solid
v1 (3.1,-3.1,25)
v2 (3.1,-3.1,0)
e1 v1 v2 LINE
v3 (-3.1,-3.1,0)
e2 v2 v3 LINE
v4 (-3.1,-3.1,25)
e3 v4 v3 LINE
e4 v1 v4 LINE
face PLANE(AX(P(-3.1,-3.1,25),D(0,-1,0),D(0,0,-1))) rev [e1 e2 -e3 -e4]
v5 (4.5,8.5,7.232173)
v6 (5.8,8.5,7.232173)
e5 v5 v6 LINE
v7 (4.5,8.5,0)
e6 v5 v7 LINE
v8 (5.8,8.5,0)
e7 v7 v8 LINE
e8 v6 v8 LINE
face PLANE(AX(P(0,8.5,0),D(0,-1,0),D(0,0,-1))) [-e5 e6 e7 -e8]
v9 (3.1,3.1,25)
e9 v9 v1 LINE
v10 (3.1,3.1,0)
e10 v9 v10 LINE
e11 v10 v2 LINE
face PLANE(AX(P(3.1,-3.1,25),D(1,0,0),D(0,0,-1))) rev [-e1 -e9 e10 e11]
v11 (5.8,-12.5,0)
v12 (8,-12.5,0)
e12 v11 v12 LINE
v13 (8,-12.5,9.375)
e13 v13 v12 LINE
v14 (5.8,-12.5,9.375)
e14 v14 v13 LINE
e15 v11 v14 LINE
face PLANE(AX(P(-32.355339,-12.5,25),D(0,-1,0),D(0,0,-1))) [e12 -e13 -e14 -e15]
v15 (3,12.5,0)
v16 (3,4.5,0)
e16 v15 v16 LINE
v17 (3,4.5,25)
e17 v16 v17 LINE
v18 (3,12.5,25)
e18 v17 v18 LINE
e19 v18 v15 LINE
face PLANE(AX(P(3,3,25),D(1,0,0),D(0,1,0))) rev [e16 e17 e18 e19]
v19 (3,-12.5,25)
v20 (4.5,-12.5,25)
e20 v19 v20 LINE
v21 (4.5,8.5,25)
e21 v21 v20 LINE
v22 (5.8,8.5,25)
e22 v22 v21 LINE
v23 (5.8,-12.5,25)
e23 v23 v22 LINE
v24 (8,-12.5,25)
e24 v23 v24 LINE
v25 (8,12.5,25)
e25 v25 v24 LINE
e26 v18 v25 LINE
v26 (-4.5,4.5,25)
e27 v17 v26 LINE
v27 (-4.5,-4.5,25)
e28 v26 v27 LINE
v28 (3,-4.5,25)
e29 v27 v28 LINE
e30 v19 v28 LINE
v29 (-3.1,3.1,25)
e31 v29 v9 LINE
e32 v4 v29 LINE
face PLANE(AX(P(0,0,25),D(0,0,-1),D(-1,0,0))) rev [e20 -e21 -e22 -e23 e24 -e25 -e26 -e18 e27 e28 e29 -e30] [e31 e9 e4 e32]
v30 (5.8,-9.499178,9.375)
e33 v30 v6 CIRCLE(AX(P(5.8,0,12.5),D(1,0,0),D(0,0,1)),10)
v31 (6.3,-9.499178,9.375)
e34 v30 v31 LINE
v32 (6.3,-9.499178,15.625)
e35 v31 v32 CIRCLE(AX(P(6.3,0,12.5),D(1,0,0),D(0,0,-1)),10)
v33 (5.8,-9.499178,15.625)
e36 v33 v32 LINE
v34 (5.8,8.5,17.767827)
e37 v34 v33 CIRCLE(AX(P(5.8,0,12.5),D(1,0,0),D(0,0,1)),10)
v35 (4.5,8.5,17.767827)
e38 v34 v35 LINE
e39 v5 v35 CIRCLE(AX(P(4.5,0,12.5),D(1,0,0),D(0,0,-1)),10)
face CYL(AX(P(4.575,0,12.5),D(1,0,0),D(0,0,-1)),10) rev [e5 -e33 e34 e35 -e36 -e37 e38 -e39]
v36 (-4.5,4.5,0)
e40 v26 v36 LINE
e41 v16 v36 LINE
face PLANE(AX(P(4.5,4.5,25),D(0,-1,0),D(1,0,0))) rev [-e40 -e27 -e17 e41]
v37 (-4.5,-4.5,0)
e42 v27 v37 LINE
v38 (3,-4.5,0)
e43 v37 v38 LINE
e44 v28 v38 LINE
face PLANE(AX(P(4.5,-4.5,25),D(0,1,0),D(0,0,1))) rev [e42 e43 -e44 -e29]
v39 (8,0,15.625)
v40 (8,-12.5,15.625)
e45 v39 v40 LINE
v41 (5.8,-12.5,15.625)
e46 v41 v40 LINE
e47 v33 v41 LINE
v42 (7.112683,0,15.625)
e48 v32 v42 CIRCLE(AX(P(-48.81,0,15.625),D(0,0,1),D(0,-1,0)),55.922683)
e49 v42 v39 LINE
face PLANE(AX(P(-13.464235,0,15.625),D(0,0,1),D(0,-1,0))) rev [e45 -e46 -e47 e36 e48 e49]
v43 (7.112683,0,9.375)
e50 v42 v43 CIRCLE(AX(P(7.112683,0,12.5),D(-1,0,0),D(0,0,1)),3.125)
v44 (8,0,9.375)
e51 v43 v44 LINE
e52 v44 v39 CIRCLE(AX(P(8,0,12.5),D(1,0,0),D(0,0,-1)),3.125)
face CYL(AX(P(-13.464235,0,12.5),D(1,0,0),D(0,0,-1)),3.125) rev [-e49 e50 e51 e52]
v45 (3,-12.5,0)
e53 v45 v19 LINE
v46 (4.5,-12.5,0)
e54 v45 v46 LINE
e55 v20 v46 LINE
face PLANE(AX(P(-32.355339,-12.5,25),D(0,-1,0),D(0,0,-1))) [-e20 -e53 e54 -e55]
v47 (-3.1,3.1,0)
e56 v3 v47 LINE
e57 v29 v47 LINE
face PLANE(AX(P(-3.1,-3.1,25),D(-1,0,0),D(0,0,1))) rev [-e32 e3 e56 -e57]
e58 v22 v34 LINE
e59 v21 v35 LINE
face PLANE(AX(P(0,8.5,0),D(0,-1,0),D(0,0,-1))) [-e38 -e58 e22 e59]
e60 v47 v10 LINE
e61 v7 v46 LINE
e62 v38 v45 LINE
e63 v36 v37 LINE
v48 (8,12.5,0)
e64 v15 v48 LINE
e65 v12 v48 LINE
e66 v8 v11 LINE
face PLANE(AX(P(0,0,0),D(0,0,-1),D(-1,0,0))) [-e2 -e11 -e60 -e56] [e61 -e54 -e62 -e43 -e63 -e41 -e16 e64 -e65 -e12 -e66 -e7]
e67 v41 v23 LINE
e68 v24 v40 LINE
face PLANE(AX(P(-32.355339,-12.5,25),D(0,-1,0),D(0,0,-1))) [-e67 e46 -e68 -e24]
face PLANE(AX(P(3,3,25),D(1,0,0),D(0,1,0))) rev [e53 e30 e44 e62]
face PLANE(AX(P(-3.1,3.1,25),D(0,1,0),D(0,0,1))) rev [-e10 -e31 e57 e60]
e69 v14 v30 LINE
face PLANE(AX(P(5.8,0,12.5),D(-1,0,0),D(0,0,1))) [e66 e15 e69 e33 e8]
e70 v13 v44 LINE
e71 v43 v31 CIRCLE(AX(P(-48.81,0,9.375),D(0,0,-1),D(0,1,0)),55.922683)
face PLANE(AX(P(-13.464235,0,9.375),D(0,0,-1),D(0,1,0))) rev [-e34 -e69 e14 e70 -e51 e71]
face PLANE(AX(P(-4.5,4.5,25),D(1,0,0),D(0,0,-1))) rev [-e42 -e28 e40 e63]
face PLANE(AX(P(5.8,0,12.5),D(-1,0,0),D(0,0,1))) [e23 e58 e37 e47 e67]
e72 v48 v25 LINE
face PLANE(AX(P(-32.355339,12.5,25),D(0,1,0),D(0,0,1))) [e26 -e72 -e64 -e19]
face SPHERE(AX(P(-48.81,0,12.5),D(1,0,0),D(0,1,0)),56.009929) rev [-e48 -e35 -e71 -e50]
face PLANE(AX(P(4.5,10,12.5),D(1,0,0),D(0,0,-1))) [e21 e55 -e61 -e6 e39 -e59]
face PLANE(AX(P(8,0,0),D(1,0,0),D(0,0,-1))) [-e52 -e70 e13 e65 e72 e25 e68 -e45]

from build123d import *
from build123d.topology import SkipClean

# Parameters (mm, degrees)
SKETCH1_W           = 9
SKETCH1_H           = 9
BOSS_EXTRUDE1_DEPTH = 25
SKETCH2_W           = 6
SKETCH2_H           = 6
CUT_EXTRUDE1_DEPTH  = 26.797286679
SKETCH4_W           = 25
SKETCH4_H           = 25
BOSS_EXTRUDE2_DEPTH = 1.5
SKETCH5_W           = 25
SKETCH5_H           = 25
BOSS_EXTRUDE3_DEPTH = 3.5
SKETCH7_W           = 1.8
SKETCH7_H           = 25
CUT_EXTRUDE5_DEPTH  = 21
CUT_EXTRUDE6_START  = -1.7
CUT_EXTRUDE6_DEPTH  = 1.7
BOSS_EXTRUDE4_START = 0.5
BOSS_EXTRUDE4_DEPTH = 0.5
SKETCH10_W          = 6.2
SKETCH10_H          = 6.2
CUT_EXTRUDE8_DEPTH  = 30.073183548


with BuildPart() as part:
    # Sketch1 → Boss-Extrude1 (new body)
    with BuildSketch(Plane.XY):
        Rectangle(SKETCH1_W, SKETCH1_H)
    extrude(amount=BOSS_EXTRUDE1_DEPTH)

    # Sketch2 → Cut-Extrude1 (cut, through all)
    with BuildSketch(Plane(origin=(0, 0, 0), x_dir=(-1, 0, 0), z_dir=(0, 0, -1))):
        Rectangle(SKETCH2_W, SKETCH2_H)
    extrude(amount=-CUT_EXTRUDE1_DEPTH, mode=Mode.SUBTRACT)

    # Sketch4 → Boss-Extrude2 (add)
    with BuildSketch(Plane(origin=(4.5, 0, 0), x_dir=(0, 0, -1), z_dir=(1, 0, 0))):
        with Locations((-12.5, 0)):
            Rectangle(SKETCH4_W, SKETCH4_H)
    extrude(amount=-BOSS_EXTRUDE2_DEPTH)

    # Sketch5 → Boss-Extrude3 (add)
    with BuildSketch(Plane(origin=(4.5, 0, 0), x_dir=(0, 0, -1), z_dir=(1, 0, 0))):
        with Locations((-12.5, 0)):
            Rectangle(SKETCH5_W, SKETCH5_H)
    extrude(amount=BOSS_EXTRUDE3_DEPTH)

    # Sketch6 → Cut-Revolve2 (revolve, cut)
    with BuildSketch(Plane(origin=(0, 0, 12.5), x_dir=(-1, 0, 0), z_dir=(0, 0, -1)), mode=Mode.PRIVATE) as cut_revolve2_sk:
        with BuildLine():
            Line((-4.5, 10), (-4.5, 0))
            Line((-4.5, 0), (-7.199928584, 0))
            ThreePointArc((-7.199928584, 0), (-6.974492757, 5.020205958), (-6.3, 10))
            Line((-6.3, 10), (-4.5, 10))
        make_face()
    revolve(cut_revolve2_sk.sketch.rotate(Axis((4.575, 0, 12.5), (-1, 0, 0)), 90), axis=Axis((4.575, 0, 12.5), (-1, 0, 0)), mode=Mode.SUBTRACT)

    # Sketch7 → Cut-Extrude5 (cut)
    with BuildSketch(Plane.XZ.offset(12.5)):
        with Locations((5.4, 12.5)):
            Rectangle(SKETCH7_W, SKETCH7_H)
    extrude(amount=-CUT_EXTRUDE5_DEPTH, mode=Mode.SUBTRACT)

    # Sketch8 → Cut-Extrude6 (cut)
    with BuildSketch(Plane(origin=(8, 0, 0), x_dir=(0, 0, -1), z_dir=(1, 0, 0)).offset(CUT_EXTRUDE6_START)):
        with BuildLine():
            Line((-9.375, 0), (-9.375, -12.5))
            ThreePointArc((-9.375, -12.5), (-12.5, -15.625), (-15.625, -12.5))
            Line((-15.625, -12.5), (-15.625, 0))
            ThreePointArc((-15.625, 0), (-12.5, 3.125), (-9.375, 0))
        make_face()
    extrude(amount=CUT_EXTRUDE6_DEPTH, mode=Mode.SUBTRACT)

    # Sketch9 → Boss-Extrude4 (add)
    with SkipClean():  # the faces are left unmerged after this step: merging them gives an invalid solid
        with BuildSketch(Plane.ZY.offset(-6.3).offset(BOSS_EXTRUDE4_START)):
            with BuildLine():
                Line((15.625, -9.499177596), (15.625, -12.5))
                Line((15.625, -12.5), (25, -12.5))
                Line((25, -12.5), (25, 8.5))
                Line((25, 8.5), (17.767826876, 8.5))
                ThreePointArc((17.767826876, 8.5), (22.429878362, -1.182165692), (15.625, -9.499177596))
            make_face()
            with BuildLine():
                Line((0, -12.5), (9.375, -12.5))
                Line((9.375, -12.5), (9.375, -9.499177596))
                ThreePointArc((9.375, -9.499177596), (2.570121638, -1.182165692), (7.232173124, 8.5))
                Line((7.232173124, 8.5), (0, 8.5))
                Line((0, 8.5), (0, -12.5))
            make_face()
        extrude(amount=-BOSS_EXTRUDE4_DEPTH)

    # Sketch10 → Cut-Extrude8 (cut, through all)
    with SkipClean():  # the faces are left unmerged after this step: merging them gives an invalid solid
        with BuildSketch(Plane(origin=(0, 0, 0), x_dir=(-1, 0, 0), z_dir=(0, 0, -1))):
            Rectangle(SKETCH10_W, SKETCH10_H)
        extrude(amount=-CUT_EXTRUDE8_DEPTH, mode=Mode.SUBTRACT)


solid = part.part
